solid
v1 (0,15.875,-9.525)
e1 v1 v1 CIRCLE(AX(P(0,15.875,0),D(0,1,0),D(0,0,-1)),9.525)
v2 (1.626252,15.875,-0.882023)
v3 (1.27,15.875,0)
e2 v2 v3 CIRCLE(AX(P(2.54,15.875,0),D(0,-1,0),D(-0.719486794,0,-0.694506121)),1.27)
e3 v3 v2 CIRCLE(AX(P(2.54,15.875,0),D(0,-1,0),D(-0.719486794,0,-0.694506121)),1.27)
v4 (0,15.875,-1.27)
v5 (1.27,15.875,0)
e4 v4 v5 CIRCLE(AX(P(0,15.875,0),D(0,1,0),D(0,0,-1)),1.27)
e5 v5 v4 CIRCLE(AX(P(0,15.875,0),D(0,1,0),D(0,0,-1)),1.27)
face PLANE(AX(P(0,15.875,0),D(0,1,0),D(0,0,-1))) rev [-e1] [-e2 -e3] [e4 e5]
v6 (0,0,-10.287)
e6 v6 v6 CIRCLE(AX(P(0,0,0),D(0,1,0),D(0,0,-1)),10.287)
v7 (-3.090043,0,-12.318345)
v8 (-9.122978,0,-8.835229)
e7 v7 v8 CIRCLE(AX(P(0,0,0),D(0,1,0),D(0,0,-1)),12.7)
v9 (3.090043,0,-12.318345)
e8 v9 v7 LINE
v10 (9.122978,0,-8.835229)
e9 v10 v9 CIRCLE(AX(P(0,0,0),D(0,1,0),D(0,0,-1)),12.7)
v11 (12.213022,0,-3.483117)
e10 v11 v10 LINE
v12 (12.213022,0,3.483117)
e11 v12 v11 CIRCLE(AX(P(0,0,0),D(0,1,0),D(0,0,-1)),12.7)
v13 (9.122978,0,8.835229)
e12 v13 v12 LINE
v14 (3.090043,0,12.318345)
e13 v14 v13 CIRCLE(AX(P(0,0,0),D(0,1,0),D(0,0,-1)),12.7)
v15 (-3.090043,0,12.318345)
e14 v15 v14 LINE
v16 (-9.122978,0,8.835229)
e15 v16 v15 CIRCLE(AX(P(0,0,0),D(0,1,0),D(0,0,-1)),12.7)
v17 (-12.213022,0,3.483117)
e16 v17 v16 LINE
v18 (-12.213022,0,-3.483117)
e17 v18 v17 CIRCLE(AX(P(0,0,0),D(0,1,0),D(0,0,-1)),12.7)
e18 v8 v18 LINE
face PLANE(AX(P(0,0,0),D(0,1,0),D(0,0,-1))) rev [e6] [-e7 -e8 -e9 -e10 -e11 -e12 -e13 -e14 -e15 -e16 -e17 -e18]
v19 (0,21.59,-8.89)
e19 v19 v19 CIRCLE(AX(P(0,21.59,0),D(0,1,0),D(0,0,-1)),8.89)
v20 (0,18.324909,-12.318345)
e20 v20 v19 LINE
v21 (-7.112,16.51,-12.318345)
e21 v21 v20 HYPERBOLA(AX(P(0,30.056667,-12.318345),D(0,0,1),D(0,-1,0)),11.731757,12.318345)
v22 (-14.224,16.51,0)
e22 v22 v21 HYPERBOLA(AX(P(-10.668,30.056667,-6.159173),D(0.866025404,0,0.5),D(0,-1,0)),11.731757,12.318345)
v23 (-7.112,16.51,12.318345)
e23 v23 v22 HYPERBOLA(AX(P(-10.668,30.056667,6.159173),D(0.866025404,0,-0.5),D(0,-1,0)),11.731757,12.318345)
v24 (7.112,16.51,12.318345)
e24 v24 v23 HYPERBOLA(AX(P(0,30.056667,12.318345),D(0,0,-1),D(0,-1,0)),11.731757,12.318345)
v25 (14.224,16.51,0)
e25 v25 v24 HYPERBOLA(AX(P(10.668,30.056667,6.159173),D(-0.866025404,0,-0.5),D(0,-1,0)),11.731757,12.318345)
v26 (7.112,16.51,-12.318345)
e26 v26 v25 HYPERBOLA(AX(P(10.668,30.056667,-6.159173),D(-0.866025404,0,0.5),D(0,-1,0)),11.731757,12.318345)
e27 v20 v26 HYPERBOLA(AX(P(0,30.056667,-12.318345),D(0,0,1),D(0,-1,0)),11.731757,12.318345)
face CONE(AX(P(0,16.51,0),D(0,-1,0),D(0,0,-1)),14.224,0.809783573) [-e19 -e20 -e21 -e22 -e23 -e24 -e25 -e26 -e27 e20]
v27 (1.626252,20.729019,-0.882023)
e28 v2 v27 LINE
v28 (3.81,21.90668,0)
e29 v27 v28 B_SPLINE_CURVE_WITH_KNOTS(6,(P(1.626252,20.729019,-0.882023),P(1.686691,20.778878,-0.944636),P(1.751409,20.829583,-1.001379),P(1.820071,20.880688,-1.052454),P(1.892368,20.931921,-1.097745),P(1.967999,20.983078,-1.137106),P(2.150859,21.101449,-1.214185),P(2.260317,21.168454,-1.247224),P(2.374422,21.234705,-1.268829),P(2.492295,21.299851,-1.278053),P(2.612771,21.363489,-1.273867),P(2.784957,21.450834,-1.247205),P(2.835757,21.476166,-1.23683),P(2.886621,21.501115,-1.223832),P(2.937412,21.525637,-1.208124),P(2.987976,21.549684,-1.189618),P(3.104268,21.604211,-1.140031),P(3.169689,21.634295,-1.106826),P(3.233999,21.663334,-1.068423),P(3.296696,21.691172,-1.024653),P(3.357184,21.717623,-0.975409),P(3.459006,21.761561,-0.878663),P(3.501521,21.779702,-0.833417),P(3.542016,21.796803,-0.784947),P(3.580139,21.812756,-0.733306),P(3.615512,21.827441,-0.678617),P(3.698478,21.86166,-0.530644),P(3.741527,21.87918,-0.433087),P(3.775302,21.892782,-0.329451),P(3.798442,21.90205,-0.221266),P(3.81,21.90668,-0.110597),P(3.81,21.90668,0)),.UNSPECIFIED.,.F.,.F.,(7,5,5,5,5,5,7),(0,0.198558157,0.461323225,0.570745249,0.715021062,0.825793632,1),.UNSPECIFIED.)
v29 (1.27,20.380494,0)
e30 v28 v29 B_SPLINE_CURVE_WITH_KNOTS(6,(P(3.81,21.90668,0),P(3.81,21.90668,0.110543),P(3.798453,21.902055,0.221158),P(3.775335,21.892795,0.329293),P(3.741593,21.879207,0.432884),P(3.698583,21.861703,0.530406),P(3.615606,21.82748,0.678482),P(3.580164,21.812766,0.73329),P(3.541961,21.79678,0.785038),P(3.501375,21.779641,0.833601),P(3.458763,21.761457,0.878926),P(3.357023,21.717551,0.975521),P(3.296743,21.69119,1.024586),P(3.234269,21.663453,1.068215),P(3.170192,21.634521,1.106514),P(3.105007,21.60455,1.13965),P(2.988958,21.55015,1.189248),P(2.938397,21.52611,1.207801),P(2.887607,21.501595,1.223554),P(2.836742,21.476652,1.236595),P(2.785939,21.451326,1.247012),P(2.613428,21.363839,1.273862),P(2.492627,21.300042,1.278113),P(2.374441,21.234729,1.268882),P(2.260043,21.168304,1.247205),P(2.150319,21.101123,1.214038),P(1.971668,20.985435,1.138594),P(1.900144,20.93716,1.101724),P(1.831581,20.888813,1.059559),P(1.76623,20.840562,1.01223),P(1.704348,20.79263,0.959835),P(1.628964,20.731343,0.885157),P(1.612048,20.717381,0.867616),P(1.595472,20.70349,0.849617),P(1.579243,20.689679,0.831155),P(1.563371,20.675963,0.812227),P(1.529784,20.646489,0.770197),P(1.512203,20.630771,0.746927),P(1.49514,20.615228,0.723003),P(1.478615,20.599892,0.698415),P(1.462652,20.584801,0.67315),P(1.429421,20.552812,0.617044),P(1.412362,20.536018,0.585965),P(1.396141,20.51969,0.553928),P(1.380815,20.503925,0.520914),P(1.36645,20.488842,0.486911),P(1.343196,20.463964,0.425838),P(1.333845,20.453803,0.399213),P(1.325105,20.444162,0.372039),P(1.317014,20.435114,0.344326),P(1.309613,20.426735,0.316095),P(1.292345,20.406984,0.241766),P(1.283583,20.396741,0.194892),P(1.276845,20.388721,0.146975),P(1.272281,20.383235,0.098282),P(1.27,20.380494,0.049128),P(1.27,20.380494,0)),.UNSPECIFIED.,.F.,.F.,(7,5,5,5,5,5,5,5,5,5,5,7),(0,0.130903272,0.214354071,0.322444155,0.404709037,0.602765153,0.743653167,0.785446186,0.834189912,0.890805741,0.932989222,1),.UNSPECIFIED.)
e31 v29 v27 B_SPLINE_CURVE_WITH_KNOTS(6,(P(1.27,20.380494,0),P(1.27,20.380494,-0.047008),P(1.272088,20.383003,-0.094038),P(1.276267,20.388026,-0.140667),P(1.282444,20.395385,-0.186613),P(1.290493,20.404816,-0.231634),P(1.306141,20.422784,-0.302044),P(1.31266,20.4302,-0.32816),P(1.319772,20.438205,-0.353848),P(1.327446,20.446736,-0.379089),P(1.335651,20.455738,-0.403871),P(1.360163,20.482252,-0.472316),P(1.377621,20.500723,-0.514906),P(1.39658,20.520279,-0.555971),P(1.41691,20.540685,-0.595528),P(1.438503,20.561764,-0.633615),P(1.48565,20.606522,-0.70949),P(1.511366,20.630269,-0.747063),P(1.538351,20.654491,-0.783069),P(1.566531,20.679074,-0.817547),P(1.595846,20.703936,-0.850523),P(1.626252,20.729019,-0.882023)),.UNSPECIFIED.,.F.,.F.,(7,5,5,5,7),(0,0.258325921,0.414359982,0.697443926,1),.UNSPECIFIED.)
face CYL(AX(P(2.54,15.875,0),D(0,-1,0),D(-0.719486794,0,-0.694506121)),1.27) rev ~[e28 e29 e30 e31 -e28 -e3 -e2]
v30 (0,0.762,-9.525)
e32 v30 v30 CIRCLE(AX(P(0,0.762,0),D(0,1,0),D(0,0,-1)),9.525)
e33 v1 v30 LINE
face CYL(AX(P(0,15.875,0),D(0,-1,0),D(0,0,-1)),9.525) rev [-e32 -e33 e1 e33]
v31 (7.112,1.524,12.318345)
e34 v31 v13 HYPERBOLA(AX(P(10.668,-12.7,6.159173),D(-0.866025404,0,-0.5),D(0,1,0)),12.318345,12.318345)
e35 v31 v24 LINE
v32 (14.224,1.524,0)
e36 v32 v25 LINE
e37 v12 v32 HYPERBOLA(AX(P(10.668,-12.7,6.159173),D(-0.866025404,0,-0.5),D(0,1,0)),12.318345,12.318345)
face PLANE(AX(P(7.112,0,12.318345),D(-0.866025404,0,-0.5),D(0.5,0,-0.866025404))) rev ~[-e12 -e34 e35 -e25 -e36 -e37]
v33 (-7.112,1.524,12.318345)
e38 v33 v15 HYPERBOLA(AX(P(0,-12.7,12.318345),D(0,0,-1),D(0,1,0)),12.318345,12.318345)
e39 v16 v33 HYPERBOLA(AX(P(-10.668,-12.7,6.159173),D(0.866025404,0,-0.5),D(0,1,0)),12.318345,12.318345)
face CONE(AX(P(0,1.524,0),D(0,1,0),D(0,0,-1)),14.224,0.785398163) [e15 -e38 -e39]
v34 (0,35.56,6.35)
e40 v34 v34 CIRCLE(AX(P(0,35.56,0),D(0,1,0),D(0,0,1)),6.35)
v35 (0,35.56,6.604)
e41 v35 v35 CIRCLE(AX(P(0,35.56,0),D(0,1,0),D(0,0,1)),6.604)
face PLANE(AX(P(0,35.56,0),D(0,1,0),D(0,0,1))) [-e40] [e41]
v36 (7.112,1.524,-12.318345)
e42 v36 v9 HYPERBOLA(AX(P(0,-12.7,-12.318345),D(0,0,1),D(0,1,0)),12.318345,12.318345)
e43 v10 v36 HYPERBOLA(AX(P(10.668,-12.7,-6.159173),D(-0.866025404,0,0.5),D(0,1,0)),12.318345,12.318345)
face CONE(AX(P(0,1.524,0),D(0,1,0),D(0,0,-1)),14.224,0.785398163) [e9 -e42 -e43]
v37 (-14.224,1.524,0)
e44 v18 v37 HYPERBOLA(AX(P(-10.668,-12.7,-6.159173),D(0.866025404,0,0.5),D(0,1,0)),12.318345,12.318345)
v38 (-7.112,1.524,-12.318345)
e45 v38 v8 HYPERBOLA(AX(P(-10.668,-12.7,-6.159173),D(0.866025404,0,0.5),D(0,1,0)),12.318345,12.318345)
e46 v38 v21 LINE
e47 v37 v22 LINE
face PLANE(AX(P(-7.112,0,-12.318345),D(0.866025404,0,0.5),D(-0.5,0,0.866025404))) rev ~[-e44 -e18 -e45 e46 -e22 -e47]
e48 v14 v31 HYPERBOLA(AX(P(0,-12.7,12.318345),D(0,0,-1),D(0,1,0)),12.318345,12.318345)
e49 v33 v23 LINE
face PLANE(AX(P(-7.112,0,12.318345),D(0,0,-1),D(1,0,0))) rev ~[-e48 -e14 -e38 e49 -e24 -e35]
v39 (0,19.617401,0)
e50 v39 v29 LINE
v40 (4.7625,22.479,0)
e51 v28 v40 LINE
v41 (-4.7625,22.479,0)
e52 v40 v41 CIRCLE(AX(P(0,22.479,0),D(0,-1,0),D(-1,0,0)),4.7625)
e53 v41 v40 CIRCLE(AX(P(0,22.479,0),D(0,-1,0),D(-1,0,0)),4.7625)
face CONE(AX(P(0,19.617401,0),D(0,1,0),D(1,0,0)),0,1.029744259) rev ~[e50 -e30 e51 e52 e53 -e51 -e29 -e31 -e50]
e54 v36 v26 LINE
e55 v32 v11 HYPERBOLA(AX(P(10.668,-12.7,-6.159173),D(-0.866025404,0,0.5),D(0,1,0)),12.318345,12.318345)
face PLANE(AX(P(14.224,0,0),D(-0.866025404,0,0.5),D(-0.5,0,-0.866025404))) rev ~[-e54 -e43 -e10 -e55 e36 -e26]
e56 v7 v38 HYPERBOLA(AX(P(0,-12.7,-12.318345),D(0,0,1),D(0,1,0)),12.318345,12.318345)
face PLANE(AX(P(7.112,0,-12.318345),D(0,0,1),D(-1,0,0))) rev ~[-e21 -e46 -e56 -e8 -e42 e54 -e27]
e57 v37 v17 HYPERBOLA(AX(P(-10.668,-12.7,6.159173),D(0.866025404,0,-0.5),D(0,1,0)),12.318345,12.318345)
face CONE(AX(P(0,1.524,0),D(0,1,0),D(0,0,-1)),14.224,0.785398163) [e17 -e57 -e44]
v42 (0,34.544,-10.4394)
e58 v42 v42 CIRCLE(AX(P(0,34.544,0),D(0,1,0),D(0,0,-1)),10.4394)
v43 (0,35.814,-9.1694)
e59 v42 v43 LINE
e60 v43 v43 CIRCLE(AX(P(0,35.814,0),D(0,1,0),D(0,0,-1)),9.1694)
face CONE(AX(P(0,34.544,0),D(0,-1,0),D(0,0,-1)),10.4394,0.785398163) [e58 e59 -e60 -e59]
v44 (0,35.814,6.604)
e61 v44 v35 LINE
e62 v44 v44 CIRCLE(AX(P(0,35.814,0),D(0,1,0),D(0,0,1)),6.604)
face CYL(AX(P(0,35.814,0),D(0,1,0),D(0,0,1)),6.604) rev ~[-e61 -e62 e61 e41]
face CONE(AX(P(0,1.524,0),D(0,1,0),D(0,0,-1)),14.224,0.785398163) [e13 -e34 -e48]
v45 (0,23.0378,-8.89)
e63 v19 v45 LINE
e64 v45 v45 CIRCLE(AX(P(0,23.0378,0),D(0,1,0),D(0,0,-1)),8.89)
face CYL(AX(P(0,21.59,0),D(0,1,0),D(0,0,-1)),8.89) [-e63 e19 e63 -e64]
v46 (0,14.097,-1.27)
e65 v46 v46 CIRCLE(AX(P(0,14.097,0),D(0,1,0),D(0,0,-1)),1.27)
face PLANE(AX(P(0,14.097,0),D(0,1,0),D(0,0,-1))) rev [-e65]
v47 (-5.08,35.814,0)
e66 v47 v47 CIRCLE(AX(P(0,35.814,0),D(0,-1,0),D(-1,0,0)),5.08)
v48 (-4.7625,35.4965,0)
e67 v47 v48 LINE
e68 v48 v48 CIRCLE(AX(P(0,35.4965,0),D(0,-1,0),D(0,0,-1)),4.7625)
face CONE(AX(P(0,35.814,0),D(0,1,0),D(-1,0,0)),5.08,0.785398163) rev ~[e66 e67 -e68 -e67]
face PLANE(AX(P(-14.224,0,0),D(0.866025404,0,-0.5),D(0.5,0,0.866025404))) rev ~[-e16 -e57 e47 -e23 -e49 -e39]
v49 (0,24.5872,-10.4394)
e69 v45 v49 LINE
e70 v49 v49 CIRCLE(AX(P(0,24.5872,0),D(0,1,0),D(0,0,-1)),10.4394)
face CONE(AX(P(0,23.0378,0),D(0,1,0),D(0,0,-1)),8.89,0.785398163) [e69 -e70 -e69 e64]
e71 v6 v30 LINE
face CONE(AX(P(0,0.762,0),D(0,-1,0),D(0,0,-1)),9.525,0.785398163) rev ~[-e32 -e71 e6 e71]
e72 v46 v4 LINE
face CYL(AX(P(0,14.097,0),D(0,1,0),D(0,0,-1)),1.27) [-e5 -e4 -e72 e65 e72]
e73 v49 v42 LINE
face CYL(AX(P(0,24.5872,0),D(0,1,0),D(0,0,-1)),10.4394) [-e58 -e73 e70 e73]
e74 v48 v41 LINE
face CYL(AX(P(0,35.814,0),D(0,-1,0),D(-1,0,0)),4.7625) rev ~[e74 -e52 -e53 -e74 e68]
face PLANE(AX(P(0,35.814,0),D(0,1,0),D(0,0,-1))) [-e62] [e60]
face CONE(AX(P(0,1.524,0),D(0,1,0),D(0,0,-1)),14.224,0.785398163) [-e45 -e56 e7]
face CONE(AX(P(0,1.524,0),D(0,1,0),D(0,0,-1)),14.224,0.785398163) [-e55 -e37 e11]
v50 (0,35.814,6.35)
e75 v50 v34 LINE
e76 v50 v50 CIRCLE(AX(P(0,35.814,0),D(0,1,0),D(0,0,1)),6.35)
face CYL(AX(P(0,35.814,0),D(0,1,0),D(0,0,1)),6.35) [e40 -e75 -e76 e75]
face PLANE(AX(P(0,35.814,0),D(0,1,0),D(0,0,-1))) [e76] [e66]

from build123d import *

# Parameters (mm, degrees)
F_3_8_0_375_DIAMETER_HOLE1_D           = 9.525
F_3_8_0_375_DIAMETER_HOLE1_DEPTH       = 13.335
F_3_8_0_375_DIAMETER_HOLE1_CSINK_D     = 10.16
F_3_8_0_375_DIAMETER_HOLE1_CSINK_ANGLE = 90
F_3_8_0_375_DIAMETER_HOLE1_TIP         = 2.861598698
SKETCH4_R                              = 1.27
CUT_EXTRUDE1_DEPTH                     = 29.323277935
CHAMFER1_SIZE                          = 1.524
CUT_EXTRUDE2_DEPTH                     = 42.076598545
CHAMFER2_SIZE                          = 1.27
SKETCH6_R                              = 6.604
SKETCH6_R_2                            = 6.35
CUT_EXTRUDE3_DEPTH                     = 0.254
CHAMFER3_SIZE                          = 0.762


with BuildPart() as part:
    # Sketch1 → Revolve1 (revolve)
    with BuildSketch(Plane.XY, mode=Mode.PRIVATE) as revolve1_sk:
        Polygon((9.525, 0), (14.224, 0), (14.224, 16.51), (8.89, 21.59), (8.89, 23.0378), (10.4394, 24.5872), (10.4394, 35.814), (0, 35.814), (0, 14.097), (1.27, 14.097), (1.27, 15.875), (9.525, 15.875), align=None)
    revolve(revolve1_sk.sketch.rotate(Axis((0, 1.826937735, 0), (0, 1, 0)), 90), axis=Axis((0, 1.826937735, 0), (0, 1, 0)))

    # 3/8 (0.375) Diameter Hole1
    with Locations(Plane(origin=(0, 35.814, 0), x_dir=(1, 0, 0), z_dir=(0, 1, 0))):
        with Locations((0, 0)):
            CounterSinkHole(F_3_8_0_375_DIAMETER_HOLE1_D / 2, F_3_8_0_375_DIAMETER_HOLE1_CSINK_D / 2, depth=F_3_8_0_375_DIAMETER_HOLE1_DEPTH, counter_sink_angle=F_3_8_0_375_DIAMETER_HOLE1_CSINK_ANGLE)
            with Locations((0, 0, -(F_3_8_0_375_DIAMETER_HOLE1_DEPTH + F_3_8_0_375_DIAMETER_HOLE1_TIP / 2))):  # 118° drill point
                Cone(0, F_3_8_0_375_DIAMETER_HOLE1_D / 2, F_3_8_0_375_DIAMETER_HOLE1_TIP, mode=Mode.SUBTRACT)

    # Sketch4 → Cut-Extrude1 (cut, through all)
    with BuildSketch(Plane.XZ.offset(-15.875)):
        with Locations(Location((2.54, 0, 0), (0, 0, 223.987874518))):
            Circle(SKETCH4_R)
    extrude(amount=-CUT_EXTRUDE1_DEPTH, mode=Mode.SUBTRACT)

    # Chamfer1
    chamfer1_edges = [part.edges().sort_by_distance(p)[0] for p in [
        (0, 0, 14.224),
    ]]
    chamfer(chamfer1_edges, length=CHAMFER1_SIZE)

    # Sketch5 → Cut-Extrude2 (cut, through all)
    with BuildSketch(Plane.XZ):
        with BuildLine():
            ThreePointArc((7.112, -12.318345343), (12.318345343, -7.112), (14.224, 0))
            Line((14.224, 0), (7.112, -12.318345343))
        make_face()
        with BuildLine():
            Line((7.112, 12.318345343), (14.224, 0))
            ThreePointArc((14.224, 0), (12.318345343, 7.112), (7.112, 12.318345343))
        make_face()
        with BuildLine():
            Line((-7.112, 12.318345343), (7.112, 12.318345343))
            ThreePointArc((7.112, 12.318345343), (0, 14.224), (-7.112, 12.318345343))
        make_face()
        with BuildLine():
            ThreePointArc((-7.112, -12.318345343), (0, -14.224), (7.112, -12.318345343))
            Line((7.112, -12.318345343), (-7.112, -12.318345343))
        make_face()
        with BuildLine():
            Line((-14.224, 0), (-7.112, 12.318345343))
            ThreePointArc((-7.112, 12.318345343), (-12.318345343, 7.112), (-14.224, 0))
        make_face()
        with BuildLine():
            ThreePointArc((-14.224, 0), (-12.318345343, -7.112), (-7.112, -12.318345343))
            Line((-7.112, -12.318345343), (-14.224, 0))
        make_face()
    extrude(amount=-CUT_EXTRUDE2_DEPTH, mode=Mode.SUBTRACT)

    # Chamfer2
    chamfer2_edges = [part.edges().sort_by_distance(p)[0] for p in [
        (0, 35.814, 10.4394),
    ]]
    chamfer(chamfer2_edges, length=CHAMFER2_SIZE)

    # Sketch6 → Cut-Extrude3 (cut)
    with BuildSketch(Plane(origin=(0, 35.814, 0), x_dir=(1, 0, 0), z_dir=(0, 1, 0))):
        with Locations(Location((0, 0, 0), (0, 0, 270))):
            Circle(SKETCH6_R)
        with Locations(Location((0, 0, 0), (0, 0, 270))):
            Circle(SKETCH6_R_2, mode=Mode.SUBTRACT)
    extrude(amount=-CUT_EXTRUDE3_DEPTH, mode=Mode.SUBTRACT)

    # Chamfer3
    chamfer3_edges = [part.edges().sort_by_distance(p)[0] for p in [
        (0, 0, 9.525),
    ]]
    chamfer(chamfer3_edges, length=CHAMFER3_SIZE)


solid = part.part
